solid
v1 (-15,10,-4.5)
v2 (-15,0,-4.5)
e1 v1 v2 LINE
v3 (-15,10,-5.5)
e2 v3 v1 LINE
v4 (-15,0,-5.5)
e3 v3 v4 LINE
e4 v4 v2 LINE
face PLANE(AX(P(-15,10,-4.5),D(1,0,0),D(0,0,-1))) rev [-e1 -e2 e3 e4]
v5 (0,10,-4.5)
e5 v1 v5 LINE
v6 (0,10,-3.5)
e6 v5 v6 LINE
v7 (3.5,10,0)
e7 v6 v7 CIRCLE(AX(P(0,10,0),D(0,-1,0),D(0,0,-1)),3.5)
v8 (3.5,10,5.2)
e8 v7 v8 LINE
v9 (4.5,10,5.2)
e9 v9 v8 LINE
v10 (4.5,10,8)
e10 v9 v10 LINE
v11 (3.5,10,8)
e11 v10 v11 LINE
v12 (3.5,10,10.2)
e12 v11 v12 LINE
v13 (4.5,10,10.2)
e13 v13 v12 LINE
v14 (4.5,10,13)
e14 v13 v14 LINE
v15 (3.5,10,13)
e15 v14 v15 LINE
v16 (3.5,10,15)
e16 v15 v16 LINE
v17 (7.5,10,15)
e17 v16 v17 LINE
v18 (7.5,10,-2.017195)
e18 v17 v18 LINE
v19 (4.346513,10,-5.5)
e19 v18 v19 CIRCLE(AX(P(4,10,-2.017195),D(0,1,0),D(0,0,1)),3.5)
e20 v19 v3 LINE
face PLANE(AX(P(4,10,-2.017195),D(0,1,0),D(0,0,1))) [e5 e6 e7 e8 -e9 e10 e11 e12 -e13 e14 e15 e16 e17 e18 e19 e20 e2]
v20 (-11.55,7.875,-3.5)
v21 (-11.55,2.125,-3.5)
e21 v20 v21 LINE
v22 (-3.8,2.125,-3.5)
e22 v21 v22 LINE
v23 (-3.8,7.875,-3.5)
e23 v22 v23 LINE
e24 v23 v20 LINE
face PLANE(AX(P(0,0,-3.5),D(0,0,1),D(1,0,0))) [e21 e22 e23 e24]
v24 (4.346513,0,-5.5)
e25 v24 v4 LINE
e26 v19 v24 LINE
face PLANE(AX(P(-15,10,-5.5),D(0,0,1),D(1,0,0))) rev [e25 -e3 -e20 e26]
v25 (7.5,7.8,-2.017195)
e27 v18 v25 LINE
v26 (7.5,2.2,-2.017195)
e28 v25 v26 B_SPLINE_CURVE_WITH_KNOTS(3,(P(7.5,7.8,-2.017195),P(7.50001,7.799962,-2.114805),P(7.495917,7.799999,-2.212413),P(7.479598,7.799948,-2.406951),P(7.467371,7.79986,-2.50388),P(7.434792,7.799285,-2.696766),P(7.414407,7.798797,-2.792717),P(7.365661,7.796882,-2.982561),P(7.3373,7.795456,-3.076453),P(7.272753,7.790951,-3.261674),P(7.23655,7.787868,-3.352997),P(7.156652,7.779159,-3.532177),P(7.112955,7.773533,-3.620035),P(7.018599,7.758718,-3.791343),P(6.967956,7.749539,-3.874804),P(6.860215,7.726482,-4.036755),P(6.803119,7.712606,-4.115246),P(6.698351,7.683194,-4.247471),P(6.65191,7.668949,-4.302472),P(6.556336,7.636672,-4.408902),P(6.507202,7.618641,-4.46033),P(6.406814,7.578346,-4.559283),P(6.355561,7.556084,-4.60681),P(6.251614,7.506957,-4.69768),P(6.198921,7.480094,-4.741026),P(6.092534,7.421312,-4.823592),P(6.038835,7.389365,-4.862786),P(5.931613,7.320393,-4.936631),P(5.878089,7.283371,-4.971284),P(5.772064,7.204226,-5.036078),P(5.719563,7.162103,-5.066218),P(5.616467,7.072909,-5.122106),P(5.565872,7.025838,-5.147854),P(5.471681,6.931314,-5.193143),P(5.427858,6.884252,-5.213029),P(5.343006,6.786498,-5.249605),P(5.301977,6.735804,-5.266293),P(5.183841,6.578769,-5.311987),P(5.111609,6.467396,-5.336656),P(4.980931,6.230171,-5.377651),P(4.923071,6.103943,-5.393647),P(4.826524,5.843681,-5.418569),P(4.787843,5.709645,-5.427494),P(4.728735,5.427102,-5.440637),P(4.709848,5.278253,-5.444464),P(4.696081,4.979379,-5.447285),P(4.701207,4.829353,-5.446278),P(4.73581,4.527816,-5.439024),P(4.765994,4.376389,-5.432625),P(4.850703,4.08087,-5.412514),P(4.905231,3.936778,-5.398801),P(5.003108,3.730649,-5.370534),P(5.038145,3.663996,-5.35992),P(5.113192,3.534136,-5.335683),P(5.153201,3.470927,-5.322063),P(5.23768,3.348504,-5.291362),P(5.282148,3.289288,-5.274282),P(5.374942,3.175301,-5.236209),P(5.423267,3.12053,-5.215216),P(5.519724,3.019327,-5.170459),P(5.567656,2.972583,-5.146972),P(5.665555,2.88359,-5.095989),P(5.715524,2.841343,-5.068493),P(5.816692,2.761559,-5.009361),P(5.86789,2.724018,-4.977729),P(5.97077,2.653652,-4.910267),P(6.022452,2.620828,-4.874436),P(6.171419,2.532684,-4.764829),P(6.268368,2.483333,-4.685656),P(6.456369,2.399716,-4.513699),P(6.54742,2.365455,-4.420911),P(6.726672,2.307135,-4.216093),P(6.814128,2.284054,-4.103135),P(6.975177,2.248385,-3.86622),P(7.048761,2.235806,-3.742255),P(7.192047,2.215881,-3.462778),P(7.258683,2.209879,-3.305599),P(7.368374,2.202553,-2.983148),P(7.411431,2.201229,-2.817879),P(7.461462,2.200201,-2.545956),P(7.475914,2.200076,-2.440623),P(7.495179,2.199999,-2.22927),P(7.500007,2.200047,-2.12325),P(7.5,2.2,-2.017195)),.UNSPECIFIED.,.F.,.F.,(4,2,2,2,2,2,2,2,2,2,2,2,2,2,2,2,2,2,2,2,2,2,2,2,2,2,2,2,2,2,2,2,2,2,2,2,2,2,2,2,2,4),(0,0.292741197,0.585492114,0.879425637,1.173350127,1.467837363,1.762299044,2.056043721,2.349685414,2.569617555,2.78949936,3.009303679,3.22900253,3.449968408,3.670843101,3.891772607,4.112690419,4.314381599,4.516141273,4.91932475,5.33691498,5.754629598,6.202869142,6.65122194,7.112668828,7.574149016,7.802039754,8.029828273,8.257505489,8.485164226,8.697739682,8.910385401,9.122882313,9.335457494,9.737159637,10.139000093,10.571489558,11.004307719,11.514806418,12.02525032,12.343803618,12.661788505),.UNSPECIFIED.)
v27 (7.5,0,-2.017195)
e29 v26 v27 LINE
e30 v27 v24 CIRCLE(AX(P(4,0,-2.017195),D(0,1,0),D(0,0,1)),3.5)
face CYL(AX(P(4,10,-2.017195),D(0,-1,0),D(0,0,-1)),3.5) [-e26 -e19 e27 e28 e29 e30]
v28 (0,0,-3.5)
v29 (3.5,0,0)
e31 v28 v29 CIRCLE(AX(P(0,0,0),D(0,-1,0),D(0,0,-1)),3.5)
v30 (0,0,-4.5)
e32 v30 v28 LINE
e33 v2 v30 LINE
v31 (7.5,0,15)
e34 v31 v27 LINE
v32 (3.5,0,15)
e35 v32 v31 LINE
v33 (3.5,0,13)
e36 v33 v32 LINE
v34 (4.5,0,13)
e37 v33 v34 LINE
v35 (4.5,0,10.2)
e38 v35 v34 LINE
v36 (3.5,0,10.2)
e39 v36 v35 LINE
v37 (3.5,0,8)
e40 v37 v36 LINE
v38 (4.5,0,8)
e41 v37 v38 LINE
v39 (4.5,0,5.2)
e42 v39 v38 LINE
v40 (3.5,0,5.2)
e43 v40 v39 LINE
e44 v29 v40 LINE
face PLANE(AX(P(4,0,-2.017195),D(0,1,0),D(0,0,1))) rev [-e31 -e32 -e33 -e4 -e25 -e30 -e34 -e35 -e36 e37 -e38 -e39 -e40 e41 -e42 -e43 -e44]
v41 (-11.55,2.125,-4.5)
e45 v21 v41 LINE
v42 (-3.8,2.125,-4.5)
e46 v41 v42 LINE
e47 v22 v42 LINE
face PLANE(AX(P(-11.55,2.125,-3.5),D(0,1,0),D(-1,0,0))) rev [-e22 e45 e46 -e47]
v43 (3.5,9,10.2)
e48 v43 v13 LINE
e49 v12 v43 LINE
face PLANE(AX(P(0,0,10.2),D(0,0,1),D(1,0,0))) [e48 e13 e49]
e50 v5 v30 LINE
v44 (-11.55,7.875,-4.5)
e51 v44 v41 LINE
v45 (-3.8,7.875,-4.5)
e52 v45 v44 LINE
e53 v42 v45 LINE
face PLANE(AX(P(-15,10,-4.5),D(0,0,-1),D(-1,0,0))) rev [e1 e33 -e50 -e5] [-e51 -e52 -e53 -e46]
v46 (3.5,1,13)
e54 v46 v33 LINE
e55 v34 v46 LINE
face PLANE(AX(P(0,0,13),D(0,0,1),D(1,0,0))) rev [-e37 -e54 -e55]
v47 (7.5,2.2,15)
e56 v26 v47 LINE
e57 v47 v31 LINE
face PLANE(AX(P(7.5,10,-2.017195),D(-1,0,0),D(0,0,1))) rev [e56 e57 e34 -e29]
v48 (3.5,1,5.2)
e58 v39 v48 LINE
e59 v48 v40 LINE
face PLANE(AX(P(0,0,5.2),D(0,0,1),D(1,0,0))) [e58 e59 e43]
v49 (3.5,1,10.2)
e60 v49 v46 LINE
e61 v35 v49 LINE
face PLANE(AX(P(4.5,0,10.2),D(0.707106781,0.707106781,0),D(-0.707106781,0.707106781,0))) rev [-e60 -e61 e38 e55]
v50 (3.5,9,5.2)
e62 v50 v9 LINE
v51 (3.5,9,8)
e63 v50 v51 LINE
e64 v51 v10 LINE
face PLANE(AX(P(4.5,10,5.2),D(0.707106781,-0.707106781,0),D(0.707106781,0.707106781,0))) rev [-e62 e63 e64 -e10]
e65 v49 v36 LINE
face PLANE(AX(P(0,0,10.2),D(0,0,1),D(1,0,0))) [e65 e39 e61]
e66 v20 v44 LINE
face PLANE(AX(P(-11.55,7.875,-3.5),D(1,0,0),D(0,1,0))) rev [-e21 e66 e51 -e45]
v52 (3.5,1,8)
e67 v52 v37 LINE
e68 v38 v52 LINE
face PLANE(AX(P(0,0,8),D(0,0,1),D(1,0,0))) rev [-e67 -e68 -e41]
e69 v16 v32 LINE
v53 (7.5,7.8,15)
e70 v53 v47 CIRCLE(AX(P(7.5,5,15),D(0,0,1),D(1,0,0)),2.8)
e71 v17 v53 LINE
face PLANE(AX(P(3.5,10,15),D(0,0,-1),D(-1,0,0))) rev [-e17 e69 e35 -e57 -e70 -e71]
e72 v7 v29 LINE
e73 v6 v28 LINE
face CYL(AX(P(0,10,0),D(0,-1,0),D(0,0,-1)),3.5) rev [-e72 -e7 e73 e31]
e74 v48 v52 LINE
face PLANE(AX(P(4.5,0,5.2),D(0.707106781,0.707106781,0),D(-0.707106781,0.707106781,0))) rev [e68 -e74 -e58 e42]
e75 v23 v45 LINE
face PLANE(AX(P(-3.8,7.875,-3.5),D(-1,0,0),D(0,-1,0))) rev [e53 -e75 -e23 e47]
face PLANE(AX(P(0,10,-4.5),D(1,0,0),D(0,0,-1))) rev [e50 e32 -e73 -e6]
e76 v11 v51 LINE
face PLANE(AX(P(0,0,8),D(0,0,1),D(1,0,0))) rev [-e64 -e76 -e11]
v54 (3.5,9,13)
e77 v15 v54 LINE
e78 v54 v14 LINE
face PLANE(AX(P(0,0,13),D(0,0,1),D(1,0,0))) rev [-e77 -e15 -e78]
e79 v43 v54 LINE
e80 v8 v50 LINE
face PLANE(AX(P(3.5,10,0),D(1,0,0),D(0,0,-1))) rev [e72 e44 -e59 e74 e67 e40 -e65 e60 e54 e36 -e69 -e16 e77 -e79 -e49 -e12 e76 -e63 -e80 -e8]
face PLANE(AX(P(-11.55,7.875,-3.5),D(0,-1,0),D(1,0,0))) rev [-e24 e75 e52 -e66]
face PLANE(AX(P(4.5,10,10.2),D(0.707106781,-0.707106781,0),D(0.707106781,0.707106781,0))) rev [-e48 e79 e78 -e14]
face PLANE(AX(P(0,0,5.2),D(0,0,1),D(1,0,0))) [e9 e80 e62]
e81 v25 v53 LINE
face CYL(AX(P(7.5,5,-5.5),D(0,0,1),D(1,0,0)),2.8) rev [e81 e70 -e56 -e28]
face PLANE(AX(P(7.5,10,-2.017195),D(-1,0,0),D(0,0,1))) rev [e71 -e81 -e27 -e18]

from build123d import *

# Parameters (mm, degrees)
BOSS_EXTRUDE1_DEPTH = 10
SKETCH2_W           = 7.75
SKETCH2_H           = 5.75
BOSS_EXTRUDE2_DEPTH = 1
CUT_EXTRUDE1_DEPTH  = 28.299267389
CUT_EXTRUDE2_START  = -2
CUT_EXTRUDE2_DEPTH  = 2.8
CUT_EXTRUDE3_START  = -7
CUT_EXTRUDE3_DEPTH  = 2.8


with BuildPart() as part:
    # Sketch1 → Boss-Extrude1 (new body)
    with BuildSketch(Plane(origin=(0, 0, 0), x_dir=(1, 0, 0), z_dir=(0, 1, 0))):
        with BuildLine():
            Line((-15, 4.5), (0, 4.5))
            Line((0, 4.5), (0, 3.5))
            ThreePointArc((0, 3.5), (2.474873734, 2.474873734), (3.5, 0))
            Line((3.5, 0), (3.5, -15))
            Line((3.5, -15), (7.5, -15))
            Line((7.5, -15), (7.5, 2.017195282))
            ThreePointArc((7.5, 2.017195282), (6.594493755, 4.366365807), (4.346513054, 5.5))
            Line((4.346513054, 5.5), (-15, 5.5))
            Line((-15, 5.5), (-15, 4.5))
        make_face()
    extrude(amount=BOSS_EXTRUDE1_DEPTH)

    # Sketch2 → Boss-Extrude2 (add)
    with BuildSketch(Plane.XY.offset(-4.5)):
        with Locations((-7.675, 5)):
            Rectangle(SKETCH2_W, SKETCH2_H)
    extrude(amount=BOSS_EXTRUDE2_DEPTH)

    # Sketch3 → Cut-Extrude1 (cut, through all)
    with BuildSketch(Plane.XY.offset(15)):
        with BuildLine():
            Line((7.5, 7.8), (7.5, 2.2))
            ThreePointArc((7.5, 2.2), (4.7, 5), (7.5, 7.8))
        make_face()
    extrude(amount=-CUT_EXTRUDE1_DEPTH, mode=Mode.SUBTRACT)

    # Sketch4 → Cut-Extrude2 (cut)
    with BuildSketch(Plane.XY.offset(15).offset(CUT_EXTRUDE2_START)):
        Polygon((4.5, 10), (3.5, 9), (3.5, 10), align=None)
        Polygon((3.5, 1), (3.5, 0), (4.5, 0), align=None)
    extrude(amount=-CUT_EXTRUDE2_DEPTH, mode=Mode.SUBTRACT)

    # Sketch4<2> → Cut-Extrude3 (cut)
    with BuildSketch(Plane.XY.offset(15).offset(CUT_EXTRUDE3_START)):
        Polygon((4.5, 10), (3.5, 9), (3.5, 10), align=None)
        Polygon((3.5, 1), (3.5, 0), (4.5, 0), align=None)
    extrude(amount=-CUT_EXTRUDE3_DEPTH, mode=Mode.SUBTRACT)


solid = part.part
